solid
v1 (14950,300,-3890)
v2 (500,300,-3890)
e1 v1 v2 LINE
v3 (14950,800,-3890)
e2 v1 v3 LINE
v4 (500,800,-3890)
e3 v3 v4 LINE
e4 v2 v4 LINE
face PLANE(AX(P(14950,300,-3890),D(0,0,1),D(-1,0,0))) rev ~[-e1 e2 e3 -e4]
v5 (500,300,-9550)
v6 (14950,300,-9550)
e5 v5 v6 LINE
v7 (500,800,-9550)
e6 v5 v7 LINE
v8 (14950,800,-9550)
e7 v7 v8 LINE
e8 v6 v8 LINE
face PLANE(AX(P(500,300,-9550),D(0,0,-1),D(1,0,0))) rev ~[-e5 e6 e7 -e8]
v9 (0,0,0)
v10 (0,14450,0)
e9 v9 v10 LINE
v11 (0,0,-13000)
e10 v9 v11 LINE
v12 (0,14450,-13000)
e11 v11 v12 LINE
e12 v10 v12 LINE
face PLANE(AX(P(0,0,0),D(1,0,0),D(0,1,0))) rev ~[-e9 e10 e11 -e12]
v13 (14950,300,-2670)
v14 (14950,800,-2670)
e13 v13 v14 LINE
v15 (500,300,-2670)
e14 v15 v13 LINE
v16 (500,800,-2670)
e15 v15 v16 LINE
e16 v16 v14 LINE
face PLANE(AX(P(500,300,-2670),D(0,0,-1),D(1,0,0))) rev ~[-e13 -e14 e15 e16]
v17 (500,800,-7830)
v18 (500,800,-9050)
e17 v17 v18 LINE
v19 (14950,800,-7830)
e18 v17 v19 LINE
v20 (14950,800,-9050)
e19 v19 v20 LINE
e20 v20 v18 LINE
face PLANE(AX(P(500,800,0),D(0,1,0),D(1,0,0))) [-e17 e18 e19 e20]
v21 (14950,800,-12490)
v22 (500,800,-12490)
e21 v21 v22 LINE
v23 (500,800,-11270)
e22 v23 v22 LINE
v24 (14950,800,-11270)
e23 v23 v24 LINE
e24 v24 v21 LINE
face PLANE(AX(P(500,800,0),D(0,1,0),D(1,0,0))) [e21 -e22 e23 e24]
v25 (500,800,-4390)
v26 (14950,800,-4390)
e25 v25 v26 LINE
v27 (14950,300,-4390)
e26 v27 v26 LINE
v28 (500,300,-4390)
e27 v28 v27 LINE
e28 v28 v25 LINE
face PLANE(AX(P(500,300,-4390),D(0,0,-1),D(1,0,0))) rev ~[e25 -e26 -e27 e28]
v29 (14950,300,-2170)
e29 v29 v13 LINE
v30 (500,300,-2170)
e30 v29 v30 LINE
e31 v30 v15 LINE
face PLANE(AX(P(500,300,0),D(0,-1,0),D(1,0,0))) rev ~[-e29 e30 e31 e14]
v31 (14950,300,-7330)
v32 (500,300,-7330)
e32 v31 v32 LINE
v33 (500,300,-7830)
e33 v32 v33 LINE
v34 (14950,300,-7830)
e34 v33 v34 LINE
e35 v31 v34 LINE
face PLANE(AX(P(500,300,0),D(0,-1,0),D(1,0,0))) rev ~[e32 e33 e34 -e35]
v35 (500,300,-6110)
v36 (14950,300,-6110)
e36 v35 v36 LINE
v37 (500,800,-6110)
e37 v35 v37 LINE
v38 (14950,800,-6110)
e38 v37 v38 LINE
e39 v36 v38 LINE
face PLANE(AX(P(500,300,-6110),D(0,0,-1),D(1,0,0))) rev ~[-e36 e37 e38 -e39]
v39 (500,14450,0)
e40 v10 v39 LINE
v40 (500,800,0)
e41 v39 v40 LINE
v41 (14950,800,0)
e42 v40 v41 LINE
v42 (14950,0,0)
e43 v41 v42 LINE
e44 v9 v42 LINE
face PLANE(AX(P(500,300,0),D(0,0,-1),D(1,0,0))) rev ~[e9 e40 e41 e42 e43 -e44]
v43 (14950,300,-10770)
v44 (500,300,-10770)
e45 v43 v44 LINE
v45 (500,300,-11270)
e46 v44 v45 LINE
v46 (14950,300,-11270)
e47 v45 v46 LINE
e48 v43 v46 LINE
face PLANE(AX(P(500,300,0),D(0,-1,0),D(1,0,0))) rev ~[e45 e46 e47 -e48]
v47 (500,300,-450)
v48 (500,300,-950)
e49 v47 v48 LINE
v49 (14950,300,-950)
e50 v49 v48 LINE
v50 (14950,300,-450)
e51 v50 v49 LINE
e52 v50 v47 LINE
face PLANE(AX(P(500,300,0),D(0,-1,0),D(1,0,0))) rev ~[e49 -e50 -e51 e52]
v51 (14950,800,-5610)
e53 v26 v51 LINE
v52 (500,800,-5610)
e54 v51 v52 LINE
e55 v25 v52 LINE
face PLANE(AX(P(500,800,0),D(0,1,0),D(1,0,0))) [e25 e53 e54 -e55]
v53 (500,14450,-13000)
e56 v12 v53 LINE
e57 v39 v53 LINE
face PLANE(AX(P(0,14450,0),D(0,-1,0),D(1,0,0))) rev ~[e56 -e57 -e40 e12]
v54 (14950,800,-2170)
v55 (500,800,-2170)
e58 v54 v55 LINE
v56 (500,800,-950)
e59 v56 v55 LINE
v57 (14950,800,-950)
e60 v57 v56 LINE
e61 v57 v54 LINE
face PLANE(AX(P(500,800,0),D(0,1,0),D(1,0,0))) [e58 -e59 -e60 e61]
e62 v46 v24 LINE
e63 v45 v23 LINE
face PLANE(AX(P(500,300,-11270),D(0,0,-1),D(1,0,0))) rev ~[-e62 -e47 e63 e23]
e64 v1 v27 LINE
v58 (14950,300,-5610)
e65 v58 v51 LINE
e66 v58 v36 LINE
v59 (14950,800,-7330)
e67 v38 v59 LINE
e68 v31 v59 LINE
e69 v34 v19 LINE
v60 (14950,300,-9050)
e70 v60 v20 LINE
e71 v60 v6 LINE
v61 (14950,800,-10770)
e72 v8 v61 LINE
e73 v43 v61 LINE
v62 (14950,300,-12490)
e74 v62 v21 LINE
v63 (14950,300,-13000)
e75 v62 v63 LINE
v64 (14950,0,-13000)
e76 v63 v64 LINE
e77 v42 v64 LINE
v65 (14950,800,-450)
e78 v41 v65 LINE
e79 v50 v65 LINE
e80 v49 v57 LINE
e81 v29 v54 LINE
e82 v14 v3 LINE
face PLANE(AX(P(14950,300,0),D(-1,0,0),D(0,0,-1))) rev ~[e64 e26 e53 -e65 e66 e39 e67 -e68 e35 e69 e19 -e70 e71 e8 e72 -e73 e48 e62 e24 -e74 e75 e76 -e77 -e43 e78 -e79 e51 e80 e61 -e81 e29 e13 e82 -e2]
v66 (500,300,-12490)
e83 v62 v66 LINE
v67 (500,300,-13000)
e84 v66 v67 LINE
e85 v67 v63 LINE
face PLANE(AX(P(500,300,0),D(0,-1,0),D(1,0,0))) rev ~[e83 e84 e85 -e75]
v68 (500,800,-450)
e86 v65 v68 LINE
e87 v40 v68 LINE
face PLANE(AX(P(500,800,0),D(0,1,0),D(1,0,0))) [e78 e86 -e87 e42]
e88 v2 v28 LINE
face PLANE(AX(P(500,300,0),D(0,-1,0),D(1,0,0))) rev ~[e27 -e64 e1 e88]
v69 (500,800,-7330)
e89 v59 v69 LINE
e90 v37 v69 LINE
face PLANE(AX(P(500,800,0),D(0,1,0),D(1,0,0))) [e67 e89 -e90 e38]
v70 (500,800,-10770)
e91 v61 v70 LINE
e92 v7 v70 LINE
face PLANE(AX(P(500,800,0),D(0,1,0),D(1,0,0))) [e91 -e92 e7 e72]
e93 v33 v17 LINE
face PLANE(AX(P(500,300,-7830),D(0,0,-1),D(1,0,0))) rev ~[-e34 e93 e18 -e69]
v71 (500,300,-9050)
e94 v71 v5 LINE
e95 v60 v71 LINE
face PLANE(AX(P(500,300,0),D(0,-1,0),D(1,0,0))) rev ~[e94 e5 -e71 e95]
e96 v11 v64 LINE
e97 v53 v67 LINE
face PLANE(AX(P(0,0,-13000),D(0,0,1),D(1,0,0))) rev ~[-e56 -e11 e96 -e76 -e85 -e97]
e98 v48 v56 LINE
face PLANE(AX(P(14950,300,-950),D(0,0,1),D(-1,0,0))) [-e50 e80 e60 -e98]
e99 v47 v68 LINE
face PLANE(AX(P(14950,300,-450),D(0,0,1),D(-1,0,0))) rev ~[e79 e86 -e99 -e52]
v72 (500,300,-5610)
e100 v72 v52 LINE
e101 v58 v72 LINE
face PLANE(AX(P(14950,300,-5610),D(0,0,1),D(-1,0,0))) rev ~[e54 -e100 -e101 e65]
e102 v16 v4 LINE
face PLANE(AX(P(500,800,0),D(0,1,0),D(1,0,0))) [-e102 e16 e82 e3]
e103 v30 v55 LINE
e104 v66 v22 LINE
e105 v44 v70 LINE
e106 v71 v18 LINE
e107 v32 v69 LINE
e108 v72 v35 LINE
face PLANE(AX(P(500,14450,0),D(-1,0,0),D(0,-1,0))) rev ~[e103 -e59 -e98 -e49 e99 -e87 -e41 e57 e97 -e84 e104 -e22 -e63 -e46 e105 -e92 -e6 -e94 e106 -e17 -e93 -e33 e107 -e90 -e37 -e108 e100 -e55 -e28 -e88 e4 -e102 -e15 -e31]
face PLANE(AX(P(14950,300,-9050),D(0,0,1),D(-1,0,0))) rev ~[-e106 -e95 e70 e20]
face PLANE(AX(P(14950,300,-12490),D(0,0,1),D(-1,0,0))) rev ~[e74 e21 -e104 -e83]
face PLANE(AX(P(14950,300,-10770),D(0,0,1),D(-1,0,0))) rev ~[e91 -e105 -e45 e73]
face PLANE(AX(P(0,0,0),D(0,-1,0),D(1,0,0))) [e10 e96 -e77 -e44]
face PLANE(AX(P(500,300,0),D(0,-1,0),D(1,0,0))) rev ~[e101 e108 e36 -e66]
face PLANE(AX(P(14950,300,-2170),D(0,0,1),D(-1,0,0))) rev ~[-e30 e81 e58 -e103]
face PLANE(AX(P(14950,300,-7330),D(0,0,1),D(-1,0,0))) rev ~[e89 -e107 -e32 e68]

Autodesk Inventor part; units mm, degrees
ref_plane "YZ Plane" through (0, 0, 0) normal (1, 0, 0) x (0, 1, 0)
ref_plane "XZ Plane" through (0, 0, 0) normal (0, 1, 0) x (-1, 0, 0)
ref_plane "XY Plane" through (0, 0, 0) normal (0, 0, 1) x (1, 0, 0)
sketch "Sketch1" plane through (0, 0, 0) normal (0, 0, 1) x (1, 0, 0)
  line L0 (0, 0) -> (15000, 0)
  line L1 (0, 0) -> (0, 14450)
  line L2 (0, 14450) -> (500, 14450)
  line L3 (500, 14450) -> (500, 300)
  line L4 (500, 300) -> (14950, 300)
  line L5 (14950, 300) -> (14950, 0)
  dimension "d0" = 15000
  dimension "d1" = 14450
  dimension "d2" = 500
  dimension "d3" = 14150
  dimension "d4" = 14450
extrude "Extrusion1" add sketch "Sketch1" against normal blind 13000
sketch "Sketch2" plane through (500, 300, 0) normal (0, 1, 0) x (1, 0, 0)
  line L0 (14450, 0) -> (0, 0) projected
  line L1 (0, 0) -> (0, 13000) projected
  line L2 (-500, 0) -> (-500, 13000) projected
  dimension "d8" = 500
sketch "Sketch3" plane through (500, 300, 0) normal (0, 1, 0) x (1, 0, 0)
  line L0 (14450, 0) -> (14450, 13000) projected
  line L1 (14450, 0) -> (0, 0) projected
  line L2 (14450, 450) -> (0, 450)
  line L3 (14450, 950) -> (0, 950)
  line L4 (0, 0) -> (0, 13000) projected
  line L5 (0, 0) -> (0, 450)
  line L6 (14450, 0) -> (14450, 450)
  line L7 (0, 950) -> (14450, 950)
  line L8 (14450, 950) -> (14450, 2170)
  line L9 (14450, 2170) -> (0, 2170)
  line L10 (0, 2170) -> (0, 950)
  line L11 (0, 2670) -> (14450, 2670)
  line L12 (14450, 2670) -> (14450, 3890)
  line L13 (14450, 3890) -> (0, 3890)
  line L14 (0, 3890) -> (0, 2670)
  line L15 (0, 4390) -> (14450, 4390)
  line L16 (14450, 4390) -> (14450, 5610)
  line L17 (14450, 5610) -> (0, 5610)
  line L18 (0, 5610) -> (0, 4390)
  line L19 (0, 6110) -> (14450, 6110)
  line L20 (14450, 6110) -> (14450, 7330)
  line L21 (14450, 7330) -> (0, 7330)
  line L22 (0, 7330) -> (0, 6110)
  line L23 (0, 7830) -> (14450, 7830)
  line L24 (14450, 7830) -> (14450, 9050)
  line L25 (14450, 9050) -> (0, 9050)
  line L26 (0, 9050) -> (0, 7830)
  line L27 (0, 9550) -> (14450, 9550)
  line L28 (14450, 9550) -> (14450, 10770)
  line L29 (14450, 10770) -> (0, 10770)
  line L30 (0, 10770) -> (0, 9550)
  line L31 (0, 11270) -> (14450, 11270)
  line L32 (14450, 11270) -> (14450, 12490)
  line L33 (14450, 12490) -> (0, 12490)
  line L34 (0, 12490) -> (0, 11270)
  point P0 (-500, 0)
  point P1 (0, 5610)
  point P2 (0, 7330)
  point P3 (0, 10770)
  point P4 (0, 12490)
  dimension "d9" = 450
  dimension "d10" = 14450
  dimension "d11" = 14450
  dimension "d12" = 500
  dimension "d13" = 1220
  dimension "d14" = 500
  dimension "d15" = 1220
  dimension "d16" = 1220
  dimension "d17" = 500
  dimension "d18" = 1220
  dimension "d19" = 500
  dimension "d20" = 1220
  dimension "d21" = 500
  dimension "d22" = 1220
  dimension "d23" = 500
  dimension "d24" = 1220
  dimension "d25" = 500
extrude "Extrusion2" add sketch "Sketch3" along normal blind 500 contours L3 L4 L9 L0 | L11 L4 L13 L0 | L15 L4 L17 L0 | L19 L4 L21 L0 | L23 L4 L25 L0 | L27 L4 L29 L0 | L31 L4 L33 L0
sketch "Sketch4" plane through (500, 300, 0) normal (0, 1, 0) x (1, 0, 0)
  line L0 (0, 0) -> (0, 13000) projected
  line L1 (14450, 0) -> (14450, 13000) projected
  line L2 (0, 0) -> (14450, 0)
  line L3 (14450, 0) -> (14450, 450)
  line L4 (14450, 450) -> (0, 450)
  line L5 (0, 450) -> (0, 0)
  point P0 (-500, 0)
  dimension "d28" = 450
extrude "Extrusion3" add sketch "Sketch4" along normal blind 500
